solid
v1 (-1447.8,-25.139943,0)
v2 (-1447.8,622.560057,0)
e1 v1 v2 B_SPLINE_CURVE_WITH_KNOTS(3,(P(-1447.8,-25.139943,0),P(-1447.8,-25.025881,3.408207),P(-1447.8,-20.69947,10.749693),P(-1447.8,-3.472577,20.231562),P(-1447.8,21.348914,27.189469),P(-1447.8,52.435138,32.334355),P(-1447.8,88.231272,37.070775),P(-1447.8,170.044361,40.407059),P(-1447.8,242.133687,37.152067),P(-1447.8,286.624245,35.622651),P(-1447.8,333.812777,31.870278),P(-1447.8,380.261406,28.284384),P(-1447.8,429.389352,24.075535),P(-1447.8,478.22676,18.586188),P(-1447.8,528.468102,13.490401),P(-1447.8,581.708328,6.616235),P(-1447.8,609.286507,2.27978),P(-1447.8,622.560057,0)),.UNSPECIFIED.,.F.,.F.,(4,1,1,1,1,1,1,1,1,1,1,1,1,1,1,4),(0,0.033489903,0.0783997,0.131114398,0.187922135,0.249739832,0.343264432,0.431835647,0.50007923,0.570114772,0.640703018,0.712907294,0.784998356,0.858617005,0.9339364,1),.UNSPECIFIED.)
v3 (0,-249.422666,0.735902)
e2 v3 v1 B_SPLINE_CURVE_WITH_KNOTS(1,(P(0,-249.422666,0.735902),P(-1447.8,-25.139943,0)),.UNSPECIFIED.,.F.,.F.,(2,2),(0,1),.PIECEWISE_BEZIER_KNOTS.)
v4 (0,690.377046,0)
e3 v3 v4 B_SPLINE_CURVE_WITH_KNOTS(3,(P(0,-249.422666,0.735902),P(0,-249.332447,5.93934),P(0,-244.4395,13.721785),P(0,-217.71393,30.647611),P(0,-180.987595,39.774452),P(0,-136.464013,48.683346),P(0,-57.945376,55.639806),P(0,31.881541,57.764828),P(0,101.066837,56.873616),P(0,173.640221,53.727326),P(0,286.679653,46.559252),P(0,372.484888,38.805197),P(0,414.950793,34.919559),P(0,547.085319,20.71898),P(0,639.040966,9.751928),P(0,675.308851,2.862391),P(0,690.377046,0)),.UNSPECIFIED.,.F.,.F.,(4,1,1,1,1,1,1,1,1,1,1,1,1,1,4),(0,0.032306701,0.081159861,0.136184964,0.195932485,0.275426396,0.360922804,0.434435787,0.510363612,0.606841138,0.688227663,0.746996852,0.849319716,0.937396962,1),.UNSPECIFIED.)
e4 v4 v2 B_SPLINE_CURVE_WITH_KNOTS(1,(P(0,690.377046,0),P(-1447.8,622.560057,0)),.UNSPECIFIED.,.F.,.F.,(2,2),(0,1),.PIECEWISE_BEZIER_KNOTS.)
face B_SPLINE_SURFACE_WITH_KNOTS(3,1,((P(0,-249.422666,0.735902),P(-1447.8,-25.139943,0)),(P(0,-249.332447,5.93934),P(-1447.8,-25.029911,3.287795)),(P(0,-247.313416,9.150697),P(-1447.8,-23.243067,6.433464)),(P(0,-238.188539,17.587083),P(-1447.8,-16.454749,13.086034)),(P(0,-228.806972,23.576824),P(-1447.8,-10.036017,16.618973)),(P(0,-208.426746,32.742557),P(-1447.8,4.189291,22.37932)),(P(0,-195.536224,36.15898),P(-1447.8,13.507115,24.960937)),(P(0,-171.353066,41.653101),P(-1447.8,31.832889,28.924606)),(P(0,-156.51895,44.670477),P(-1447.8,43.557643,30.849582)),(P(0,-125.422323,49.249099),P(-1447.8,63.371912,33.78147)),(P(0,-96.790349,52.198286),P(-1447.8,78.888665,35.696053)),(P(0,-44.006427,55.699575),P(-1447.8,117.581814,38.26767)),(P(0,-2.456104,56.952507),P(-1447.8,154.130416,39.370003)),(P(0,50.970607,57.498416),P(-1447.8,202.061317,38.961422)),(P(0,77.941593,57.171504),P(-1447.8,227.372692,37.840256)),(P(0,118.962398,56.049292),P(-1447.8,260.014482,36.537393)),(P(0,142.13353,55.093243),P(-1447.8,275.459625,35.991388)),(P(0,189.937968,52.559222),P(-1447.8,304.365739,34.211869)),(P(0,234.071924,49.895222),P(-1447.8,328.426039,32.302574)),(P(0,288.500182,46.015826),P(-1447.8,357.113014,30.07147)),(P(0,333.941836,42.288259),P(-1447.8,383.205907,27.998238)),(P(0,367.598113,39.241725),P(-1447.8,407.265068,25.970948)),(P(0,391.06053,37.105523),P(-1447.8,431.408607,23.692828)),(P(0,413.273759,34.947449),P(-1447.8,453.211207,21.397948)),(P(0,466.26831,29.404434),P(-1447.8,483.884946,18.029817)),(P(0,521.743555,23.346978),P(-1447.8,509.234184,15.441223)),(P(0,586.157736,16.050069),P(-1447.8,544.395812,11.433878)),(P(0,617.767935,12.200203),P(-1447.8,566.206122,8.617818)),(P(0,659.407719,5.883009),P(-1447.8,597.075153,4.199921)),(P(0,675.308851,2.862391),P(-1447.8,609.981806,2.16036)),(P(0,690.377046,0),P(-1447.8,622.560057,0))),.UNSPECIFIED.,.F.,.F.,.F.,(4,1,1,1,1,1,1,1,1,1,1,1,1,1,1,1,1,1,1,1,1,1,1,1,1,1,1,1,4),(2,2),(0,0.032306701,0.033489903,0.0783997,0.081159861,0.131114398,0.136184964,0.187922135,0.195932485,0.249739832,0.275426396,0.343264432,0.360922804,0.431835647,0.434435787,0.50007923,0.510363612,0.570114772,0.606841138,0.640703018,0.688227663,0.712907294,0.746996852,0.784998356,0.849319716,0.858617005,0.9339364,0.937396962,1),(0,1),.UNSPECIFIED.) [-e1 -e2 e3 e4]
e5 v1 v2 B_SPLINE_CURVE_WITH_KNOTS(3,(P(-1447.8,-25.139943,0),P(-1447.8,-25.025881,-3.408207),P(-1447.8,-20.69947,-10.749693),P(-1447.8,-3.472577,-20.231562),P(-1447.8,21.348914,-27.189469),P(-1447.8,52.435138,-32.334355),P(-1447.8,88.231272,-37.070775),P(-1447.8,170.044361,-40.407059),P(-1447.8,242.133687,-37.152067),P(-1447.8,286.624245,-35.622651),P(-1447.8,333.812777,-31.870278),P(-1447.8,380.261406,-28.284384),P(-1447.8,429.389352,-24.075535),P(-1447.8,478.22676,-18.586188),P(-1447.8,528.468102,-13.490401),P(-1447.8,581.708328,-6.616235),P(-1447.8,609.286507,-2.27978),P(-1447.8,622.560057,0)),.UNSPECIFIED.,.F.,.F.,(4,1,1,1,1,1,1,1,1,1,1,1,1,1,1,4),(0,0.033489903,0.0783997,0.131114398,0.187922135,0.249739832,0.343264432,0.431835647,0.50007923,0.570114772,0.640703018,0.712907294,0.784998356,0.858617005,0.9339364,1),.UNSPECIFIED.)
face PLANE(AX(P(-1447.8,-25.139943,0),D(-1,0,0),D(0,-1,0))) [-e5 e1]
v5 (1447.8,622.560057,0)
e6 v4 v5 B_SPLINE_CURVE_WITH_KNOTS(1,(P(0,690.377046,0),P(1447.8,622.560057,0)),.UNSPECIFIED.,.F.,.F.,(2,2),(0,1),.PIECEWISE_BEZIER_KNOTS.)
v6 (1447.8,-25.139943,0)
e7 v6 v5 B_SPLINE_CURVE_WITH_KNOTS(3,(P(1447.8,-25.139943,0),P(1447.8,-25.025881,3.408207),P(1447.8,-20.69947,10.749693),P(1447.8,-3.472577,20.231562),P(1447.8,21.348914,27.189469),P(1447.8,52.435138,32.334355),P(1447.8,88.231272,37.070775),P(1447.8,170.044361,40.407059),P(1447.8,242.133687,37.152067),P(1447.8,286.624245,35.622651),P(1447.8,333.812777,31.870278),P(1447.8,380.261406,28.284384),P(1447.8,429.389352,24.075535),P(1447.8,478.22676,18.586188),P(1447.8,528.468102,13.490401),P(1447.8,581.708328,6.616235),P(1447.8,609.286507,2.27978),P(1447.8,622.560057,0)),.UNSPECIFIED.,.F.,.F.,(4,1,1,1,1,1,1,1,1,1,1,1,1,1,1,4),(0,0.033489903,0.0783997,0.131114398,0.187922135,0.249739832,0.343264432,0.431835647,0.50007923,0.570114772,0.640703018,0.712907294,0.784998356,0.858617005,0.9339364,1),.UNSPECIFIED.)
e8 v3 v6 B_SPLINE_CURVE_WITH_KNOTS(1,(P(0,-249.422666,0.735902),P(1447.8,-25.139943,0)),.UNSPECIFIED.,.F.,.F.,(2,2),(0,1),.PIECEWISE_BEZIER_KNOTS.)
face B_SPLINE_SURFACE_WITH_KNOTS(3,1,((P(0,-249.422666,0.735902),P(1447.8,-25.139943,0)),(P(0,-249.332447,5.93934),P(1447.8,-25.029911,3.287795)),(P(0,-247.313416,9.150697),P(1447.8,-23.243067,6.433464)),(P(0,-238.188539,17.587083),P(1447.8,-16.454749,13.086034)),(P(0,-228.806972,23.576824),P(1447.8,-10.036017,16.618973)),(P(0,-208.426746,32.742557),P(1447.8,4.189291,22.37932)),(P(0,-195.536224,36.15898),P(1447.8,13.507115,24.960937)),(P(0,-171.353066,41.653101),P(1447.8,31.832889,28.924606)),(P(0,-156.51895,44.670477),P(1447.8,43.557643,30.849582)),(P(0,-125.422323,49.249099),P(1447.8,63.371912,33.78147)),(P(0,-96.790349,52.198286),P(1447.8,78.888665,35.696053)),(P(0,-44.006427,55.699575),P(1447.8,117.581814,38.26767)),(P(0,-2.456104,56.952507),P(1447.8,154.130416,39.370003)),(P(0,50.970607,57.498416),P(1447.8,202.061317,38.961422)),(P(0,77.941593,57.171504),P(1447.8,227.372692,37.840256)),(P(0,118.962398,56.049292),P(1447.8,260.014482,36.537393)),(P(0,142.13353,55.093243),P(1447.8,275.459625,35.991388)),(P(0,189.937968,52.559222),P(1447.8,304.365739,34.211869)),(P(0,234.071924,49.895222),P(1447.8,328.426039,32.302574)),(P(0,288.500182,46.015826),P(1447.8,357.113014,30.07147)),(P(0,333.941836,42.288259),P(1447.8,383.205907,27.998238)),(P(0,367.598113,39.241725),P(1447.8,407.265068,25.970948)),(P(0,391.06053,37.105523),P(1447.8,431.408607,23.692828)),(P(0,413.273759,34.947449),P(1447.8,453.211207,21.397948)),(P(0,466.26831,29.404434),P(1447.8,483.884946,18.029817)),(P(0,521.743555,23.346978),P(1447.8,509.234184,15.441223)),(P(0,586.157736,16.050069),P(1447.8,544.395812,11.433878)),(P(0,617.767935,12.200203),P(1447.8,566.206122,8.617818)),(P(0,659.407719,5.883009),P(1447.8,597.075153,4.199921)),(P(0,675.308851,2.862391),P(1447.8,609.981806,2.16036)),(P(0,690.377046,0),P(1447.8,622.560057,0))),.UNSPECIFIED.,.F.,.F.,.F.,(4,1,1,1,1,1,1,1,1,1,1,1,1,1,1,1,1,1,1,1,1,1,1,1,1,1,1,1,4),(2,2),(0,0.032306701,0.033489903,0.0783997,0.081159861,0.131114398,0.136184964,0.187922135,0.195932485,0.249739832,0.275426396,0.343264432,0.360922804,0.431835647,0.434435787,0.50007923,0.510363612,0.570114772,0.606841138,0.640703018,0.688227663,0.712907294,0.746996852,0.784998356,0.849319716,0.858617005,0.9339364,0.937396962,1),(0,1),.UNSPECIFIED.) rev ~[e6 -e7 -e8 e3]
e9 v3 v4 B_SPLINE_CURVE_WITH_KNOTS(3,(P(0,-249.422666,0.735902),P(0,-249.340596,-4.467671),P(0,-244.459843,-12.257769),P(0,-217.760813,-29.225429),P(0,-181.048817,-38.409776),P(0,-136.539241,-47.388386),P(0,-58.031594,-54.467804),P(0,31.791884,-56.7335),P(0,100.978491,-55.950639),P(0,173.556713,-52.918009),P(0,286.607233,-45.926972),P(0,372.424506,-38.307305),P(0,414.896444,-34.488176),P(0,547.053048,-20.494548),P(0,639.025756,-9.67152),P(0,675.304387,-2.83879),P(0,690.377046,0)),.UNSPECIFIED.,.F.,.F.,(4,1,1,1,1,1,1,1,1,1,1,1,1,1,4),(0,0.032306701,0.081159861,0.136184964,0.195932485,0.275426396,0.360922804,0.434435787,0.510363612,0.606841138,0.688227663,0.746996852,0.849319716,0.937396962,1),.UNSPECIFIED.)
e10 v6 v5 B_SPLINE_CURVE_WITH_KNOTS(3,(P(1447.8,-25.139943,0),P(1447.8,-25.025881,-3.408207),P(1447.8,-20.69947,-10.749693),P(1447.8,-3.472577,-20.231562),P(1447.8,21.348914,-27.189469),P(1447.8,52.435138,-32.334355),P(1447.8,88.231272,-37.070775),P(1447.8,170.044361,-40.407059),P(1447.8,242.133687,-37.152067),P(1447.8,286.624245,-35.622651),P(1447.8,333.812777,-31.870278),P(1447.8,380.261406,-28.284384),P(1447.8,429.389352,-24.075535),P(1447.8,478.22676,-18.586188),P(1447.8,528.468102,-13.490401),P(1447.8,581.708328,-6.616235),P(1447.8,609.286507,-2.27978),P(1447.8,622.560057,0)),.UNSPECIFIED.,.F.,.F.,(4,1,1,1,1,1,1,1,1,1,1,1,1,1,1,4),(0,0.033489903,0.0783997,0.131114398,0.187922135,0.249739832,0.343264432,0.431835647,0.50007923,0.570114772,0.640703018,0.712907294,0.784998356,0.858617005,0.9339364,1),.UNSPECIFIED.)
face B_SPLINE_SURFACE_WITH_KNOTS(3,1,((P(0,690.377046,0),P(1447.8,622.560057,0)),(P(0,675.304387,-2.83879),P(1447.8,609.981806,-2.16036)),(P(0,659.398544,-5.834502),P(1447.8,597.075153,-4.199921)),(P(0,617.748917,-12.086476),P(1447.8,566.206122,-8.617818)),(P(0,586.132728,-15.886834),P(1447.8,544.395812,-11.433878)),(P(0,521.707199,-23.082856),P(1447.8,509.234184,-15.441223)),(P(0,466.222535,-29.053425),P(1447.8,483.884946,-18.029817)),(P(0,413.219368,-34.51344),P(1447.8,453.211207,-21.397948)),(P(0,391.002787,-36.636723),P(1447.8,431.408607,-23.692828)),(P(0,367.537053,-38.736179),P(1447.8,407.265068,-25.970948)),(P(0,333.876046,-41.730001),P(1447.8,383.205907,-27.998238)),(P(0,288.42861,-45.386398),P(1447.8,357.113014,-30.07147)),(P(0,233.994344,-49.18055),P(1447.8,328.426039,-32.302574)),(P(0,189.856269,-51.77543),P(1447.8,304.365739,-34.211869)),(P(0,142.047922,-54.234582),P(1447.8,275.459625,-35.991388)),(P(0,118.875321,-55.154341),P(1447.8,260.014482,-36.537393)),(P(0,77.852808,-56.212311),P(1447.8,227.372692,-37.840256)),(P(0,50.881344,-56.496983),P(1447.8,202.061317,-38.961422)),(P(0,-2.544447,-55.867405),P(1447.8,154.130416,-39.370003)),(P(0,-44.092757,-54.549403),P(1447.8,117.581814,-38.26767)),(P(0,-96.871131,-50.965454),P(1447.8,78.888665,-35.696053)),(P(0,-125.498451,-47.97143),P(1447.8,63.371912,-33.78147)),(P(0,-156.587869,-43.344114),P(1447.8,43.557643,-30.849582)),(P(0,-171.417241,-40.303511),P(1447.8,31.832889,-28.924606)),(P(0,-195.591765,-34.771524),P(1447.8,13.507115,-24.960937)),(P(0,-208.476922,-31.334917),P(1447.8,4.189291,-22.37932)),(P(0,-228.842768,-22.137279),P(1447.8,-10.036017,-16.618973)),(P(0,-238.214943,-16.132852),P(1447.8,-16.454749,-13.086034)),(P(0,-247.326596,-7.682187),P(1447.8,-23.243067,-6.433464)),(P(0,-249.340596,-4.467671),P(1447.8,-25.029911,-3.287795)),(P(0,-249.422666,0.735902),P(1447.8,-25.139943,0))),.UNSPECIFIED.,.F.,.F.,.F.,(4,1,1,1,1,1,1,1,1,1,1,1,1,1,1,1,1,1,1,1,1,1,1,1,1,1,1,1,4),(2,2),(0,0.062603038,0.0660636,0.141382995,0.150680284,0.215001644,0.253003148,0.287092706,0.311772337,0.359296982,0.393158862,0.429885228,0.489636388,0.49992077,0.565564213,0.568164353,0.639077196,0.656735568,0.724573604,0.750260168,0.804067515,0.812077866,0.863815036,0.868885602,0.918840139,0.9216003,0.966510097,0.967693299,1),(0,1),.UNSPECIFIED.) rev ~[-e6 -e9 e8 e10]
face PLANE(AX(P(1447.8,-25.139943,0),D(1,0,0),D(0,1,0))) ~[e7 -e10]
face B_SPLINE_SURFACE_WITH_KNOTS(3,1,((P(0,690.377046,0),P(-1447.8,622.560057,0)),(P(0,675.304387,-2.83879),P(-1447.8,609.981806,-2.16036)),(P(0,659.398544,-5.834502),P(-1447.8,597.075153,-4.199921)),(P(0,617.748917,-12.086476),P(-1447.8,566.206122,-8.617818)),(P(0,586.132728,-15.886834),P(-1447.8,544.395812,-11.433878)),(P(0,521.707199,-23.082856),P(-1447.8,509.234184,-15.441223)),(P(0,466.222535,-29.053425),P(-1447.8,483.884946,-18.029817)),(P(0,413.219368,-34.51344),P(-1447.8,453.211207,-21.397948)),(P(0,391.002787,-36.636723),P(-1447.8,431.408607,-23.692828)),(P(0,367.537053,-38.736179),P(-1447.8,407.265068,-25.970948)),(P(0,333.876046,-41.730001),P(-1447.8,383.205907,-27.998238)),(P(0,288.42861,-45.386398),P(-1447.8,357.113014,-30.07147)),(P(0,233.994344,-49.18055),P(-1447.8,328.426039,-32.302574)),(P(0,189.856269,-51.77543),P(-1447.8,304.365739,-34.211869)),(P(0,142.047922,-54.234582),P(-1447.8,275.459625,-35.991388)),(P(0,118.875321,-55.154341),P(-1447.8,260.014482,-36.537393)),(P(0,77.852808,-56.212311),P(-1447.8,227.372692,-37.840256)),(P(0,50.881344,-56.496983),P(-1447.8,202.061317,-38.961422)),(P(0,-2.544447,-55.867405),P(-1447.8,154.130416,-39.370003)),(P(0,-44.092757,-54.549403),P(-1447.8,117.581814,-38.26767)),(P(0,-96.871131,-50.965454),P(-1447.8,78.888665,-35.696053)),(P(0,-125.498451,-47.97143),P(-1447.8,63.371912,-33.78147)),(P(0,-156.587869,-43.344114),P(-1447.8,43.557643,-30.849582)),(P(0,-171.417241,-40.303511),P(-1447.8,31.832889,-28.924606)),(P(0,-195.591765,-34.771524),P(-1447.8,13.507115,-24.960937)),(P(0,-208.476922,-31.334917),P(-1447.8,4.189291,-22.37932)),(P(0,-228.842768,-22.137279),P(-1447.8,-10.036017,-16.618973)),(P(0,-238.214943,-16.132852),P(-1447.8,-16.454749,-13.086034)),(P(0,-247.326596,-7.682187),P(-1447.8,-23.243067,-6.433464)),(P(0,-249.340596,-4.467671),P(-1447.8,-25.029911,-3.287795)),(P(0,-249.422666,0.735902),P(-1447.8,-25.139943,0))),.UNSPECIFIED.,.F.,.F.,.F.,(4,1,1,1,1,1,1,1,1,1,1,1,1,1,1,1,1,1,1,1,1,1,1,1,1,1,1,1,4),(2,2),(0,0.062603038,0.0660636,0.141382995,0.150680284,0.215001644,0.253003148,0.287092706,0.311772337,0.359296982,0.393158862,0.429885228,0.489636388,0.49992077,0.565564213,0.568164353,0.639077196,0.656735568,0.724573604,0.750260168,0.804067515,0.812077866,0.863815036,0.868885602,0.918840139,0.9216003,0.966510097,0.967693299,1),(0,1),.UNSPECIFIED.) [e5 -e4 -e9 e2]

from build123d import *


with BuildPart() as f4:
    # F0 (on Right) → F4 section 0
    with BuildSketch(Plane.YZ):
        with BuildLine():
            add(Edge.make_bspline(
                [(-249.4226661325, 0.7359016616), (-249.3324471023, 5.9393396605), (-244.4395002911, 13.721784572), (-217.7139301189, 30.6476105221), (-180.9875952322, 39.7744520744), (-136.464012895, 48.6833460452), (-57.9453756352, 55.6398061074), (31.8815408136, 57.7648278599), (101.066836694, 56.873616159), (173.6402207186, 53.7273262938), (286.6796534095, 46.5592522363), (372.4848882342, 38.8051973733), (414.9507926646, 34.9195590894), (547.0853194146, 20.7189797502), (639.0409658254, 9.7519279376), (675.3088512628, 2.862391324), (690.3770457469, 0)],
                knots=[0, 0, 0, 0, 0.0323067012, 0.0811598613, 0.1361849641, 0.1959324846, 0.2754263957, 0.3609228044, 0.4344357874, 0.5103636116, 0.6068411375, 0.6882276634, 0.7469968519, 0.849319716, 0.937396962, 1, 1, 1, 1], degree=3))
            add(Edge.make_bspline(
                [(-249.4226661325, 0.7359016616), (-249.340596218, -4.4676712466), (-244.4598433458, -12.2577693652), (-217.7608131608, -29.2254289652), (-181.0488166844, -38.4097757385), (-136.5392409959, -47.3883863182), (-58.0315944034, -54.4678043913), (31.7918839341, -56.73349976), (100.9784906819, -55.9506389256), (173.5567130539, -52.9180087125), (286.6072329081, -45.9269723468), (372.4245059869, -38.3073049359), (414.8964435653, -34.4881764607), (547.0530475347, -20.4945479003), (639.0257564706, -9.6715195222), (675.3043870045, -2.8387898015), (690.3770457469, 0)],
                knots=[0, 0, 0, 0, 0.0323067012, 0.0811598613, 0.1361849641, 0.1959324846, 0.2754263957, 0.3609228044, 0.4344357874, 0.5103636116, 0.6068411375, 0.6882276634, 0.7469968519, 0.849319716, 0.937396962, 1, 1, 1, 1], degree=3))
        make_face()
    # F3 (on offset) → F4 section 1
    with BuildSketch(Plane.YZ.offset(1447.8)):
        with BuildLine():
            add(Edge.make_bspline(
                [(-25.1399427652, 0), (-25.025881028, 3.4082069404), (-20.6994698154, 10.7496934959), (-3.4725774192, 20.2315617035), (21.3489136711, 27.1894694005), (52.4351382702, 32.334354602), (88.2312720252, 37.0707745242), (170.0443609264, 40.4070585147), (242.1336873546, 37.1520666221), (286.6242446444, 35.622650734), (333.8127766836, 31.8702781536), (380.2614063461, 28.2843840282), (429.3893519266, 24.0755348483), (478.2267604977, 18.5861878867), (528.4681023976, 13.4904005332), (581.7083282245, 6.6162350974), (609.2865074165, 2.2797804246), (622.5600572348, 0)],
                knots=[0, 0, 0, 0, 0.0334899029, 0.0783997001, 0.1311143976, 0.1879221345, 0.2497398322, 0.343264432, 0.4318356468, 0.5000792298, 0.5701147716, 0.640703018, 0.7129072936, 0.7849983562, 0.8586170052, 0.9339364003, 1, 1, 1, 1], degree=3))
            add(Edge.make_bspline(
                [(-25.1399427652, 0), (-25.025881028, -3.4082069404), (-20.6994698154, -10.7496934959), (-3.4725774192, -20.2315617035), (21.3489136711, -27.1894694005), (52.4351382702, -32.334354602), (88.2312720252, -37.0707745242), (170.0443609264, -40.4070585147), (242.1336873546, -37.1520666221), (286.6242446444, -35.622650734), (333.8127766836, -31.8702781536), (380.2614063461, -28.2843840282), (429.3893519266, -24.0755348483), (478.2267604977, -18.5861878867), (528.4681023976, -13.4904005332), (581.7083282245, -6.6162350974), (609.2865074165, -2.2797804246), (622.5600572348, 0)],
                knots=[0, 0, 0, 0, 0.0334899029, 0.0783997001, 0.1311143976, 0.1879221345, 0.2497398322, 0.343264432, 0.4318356468, 0.5000792298, 0.5701147716, 0.640703018, 0.7129072936, 0.7849983562, 0.8586170052, 0.9339364003, 1, 1, 1, 1], degree=3))
        make_face()
    loft()

    # F5: F4 across plane


with BuildPart() as f4_1:
    add(f4.part)
    add(f4.part.mirror(Plane.YZ))


solid = f4_1.part
